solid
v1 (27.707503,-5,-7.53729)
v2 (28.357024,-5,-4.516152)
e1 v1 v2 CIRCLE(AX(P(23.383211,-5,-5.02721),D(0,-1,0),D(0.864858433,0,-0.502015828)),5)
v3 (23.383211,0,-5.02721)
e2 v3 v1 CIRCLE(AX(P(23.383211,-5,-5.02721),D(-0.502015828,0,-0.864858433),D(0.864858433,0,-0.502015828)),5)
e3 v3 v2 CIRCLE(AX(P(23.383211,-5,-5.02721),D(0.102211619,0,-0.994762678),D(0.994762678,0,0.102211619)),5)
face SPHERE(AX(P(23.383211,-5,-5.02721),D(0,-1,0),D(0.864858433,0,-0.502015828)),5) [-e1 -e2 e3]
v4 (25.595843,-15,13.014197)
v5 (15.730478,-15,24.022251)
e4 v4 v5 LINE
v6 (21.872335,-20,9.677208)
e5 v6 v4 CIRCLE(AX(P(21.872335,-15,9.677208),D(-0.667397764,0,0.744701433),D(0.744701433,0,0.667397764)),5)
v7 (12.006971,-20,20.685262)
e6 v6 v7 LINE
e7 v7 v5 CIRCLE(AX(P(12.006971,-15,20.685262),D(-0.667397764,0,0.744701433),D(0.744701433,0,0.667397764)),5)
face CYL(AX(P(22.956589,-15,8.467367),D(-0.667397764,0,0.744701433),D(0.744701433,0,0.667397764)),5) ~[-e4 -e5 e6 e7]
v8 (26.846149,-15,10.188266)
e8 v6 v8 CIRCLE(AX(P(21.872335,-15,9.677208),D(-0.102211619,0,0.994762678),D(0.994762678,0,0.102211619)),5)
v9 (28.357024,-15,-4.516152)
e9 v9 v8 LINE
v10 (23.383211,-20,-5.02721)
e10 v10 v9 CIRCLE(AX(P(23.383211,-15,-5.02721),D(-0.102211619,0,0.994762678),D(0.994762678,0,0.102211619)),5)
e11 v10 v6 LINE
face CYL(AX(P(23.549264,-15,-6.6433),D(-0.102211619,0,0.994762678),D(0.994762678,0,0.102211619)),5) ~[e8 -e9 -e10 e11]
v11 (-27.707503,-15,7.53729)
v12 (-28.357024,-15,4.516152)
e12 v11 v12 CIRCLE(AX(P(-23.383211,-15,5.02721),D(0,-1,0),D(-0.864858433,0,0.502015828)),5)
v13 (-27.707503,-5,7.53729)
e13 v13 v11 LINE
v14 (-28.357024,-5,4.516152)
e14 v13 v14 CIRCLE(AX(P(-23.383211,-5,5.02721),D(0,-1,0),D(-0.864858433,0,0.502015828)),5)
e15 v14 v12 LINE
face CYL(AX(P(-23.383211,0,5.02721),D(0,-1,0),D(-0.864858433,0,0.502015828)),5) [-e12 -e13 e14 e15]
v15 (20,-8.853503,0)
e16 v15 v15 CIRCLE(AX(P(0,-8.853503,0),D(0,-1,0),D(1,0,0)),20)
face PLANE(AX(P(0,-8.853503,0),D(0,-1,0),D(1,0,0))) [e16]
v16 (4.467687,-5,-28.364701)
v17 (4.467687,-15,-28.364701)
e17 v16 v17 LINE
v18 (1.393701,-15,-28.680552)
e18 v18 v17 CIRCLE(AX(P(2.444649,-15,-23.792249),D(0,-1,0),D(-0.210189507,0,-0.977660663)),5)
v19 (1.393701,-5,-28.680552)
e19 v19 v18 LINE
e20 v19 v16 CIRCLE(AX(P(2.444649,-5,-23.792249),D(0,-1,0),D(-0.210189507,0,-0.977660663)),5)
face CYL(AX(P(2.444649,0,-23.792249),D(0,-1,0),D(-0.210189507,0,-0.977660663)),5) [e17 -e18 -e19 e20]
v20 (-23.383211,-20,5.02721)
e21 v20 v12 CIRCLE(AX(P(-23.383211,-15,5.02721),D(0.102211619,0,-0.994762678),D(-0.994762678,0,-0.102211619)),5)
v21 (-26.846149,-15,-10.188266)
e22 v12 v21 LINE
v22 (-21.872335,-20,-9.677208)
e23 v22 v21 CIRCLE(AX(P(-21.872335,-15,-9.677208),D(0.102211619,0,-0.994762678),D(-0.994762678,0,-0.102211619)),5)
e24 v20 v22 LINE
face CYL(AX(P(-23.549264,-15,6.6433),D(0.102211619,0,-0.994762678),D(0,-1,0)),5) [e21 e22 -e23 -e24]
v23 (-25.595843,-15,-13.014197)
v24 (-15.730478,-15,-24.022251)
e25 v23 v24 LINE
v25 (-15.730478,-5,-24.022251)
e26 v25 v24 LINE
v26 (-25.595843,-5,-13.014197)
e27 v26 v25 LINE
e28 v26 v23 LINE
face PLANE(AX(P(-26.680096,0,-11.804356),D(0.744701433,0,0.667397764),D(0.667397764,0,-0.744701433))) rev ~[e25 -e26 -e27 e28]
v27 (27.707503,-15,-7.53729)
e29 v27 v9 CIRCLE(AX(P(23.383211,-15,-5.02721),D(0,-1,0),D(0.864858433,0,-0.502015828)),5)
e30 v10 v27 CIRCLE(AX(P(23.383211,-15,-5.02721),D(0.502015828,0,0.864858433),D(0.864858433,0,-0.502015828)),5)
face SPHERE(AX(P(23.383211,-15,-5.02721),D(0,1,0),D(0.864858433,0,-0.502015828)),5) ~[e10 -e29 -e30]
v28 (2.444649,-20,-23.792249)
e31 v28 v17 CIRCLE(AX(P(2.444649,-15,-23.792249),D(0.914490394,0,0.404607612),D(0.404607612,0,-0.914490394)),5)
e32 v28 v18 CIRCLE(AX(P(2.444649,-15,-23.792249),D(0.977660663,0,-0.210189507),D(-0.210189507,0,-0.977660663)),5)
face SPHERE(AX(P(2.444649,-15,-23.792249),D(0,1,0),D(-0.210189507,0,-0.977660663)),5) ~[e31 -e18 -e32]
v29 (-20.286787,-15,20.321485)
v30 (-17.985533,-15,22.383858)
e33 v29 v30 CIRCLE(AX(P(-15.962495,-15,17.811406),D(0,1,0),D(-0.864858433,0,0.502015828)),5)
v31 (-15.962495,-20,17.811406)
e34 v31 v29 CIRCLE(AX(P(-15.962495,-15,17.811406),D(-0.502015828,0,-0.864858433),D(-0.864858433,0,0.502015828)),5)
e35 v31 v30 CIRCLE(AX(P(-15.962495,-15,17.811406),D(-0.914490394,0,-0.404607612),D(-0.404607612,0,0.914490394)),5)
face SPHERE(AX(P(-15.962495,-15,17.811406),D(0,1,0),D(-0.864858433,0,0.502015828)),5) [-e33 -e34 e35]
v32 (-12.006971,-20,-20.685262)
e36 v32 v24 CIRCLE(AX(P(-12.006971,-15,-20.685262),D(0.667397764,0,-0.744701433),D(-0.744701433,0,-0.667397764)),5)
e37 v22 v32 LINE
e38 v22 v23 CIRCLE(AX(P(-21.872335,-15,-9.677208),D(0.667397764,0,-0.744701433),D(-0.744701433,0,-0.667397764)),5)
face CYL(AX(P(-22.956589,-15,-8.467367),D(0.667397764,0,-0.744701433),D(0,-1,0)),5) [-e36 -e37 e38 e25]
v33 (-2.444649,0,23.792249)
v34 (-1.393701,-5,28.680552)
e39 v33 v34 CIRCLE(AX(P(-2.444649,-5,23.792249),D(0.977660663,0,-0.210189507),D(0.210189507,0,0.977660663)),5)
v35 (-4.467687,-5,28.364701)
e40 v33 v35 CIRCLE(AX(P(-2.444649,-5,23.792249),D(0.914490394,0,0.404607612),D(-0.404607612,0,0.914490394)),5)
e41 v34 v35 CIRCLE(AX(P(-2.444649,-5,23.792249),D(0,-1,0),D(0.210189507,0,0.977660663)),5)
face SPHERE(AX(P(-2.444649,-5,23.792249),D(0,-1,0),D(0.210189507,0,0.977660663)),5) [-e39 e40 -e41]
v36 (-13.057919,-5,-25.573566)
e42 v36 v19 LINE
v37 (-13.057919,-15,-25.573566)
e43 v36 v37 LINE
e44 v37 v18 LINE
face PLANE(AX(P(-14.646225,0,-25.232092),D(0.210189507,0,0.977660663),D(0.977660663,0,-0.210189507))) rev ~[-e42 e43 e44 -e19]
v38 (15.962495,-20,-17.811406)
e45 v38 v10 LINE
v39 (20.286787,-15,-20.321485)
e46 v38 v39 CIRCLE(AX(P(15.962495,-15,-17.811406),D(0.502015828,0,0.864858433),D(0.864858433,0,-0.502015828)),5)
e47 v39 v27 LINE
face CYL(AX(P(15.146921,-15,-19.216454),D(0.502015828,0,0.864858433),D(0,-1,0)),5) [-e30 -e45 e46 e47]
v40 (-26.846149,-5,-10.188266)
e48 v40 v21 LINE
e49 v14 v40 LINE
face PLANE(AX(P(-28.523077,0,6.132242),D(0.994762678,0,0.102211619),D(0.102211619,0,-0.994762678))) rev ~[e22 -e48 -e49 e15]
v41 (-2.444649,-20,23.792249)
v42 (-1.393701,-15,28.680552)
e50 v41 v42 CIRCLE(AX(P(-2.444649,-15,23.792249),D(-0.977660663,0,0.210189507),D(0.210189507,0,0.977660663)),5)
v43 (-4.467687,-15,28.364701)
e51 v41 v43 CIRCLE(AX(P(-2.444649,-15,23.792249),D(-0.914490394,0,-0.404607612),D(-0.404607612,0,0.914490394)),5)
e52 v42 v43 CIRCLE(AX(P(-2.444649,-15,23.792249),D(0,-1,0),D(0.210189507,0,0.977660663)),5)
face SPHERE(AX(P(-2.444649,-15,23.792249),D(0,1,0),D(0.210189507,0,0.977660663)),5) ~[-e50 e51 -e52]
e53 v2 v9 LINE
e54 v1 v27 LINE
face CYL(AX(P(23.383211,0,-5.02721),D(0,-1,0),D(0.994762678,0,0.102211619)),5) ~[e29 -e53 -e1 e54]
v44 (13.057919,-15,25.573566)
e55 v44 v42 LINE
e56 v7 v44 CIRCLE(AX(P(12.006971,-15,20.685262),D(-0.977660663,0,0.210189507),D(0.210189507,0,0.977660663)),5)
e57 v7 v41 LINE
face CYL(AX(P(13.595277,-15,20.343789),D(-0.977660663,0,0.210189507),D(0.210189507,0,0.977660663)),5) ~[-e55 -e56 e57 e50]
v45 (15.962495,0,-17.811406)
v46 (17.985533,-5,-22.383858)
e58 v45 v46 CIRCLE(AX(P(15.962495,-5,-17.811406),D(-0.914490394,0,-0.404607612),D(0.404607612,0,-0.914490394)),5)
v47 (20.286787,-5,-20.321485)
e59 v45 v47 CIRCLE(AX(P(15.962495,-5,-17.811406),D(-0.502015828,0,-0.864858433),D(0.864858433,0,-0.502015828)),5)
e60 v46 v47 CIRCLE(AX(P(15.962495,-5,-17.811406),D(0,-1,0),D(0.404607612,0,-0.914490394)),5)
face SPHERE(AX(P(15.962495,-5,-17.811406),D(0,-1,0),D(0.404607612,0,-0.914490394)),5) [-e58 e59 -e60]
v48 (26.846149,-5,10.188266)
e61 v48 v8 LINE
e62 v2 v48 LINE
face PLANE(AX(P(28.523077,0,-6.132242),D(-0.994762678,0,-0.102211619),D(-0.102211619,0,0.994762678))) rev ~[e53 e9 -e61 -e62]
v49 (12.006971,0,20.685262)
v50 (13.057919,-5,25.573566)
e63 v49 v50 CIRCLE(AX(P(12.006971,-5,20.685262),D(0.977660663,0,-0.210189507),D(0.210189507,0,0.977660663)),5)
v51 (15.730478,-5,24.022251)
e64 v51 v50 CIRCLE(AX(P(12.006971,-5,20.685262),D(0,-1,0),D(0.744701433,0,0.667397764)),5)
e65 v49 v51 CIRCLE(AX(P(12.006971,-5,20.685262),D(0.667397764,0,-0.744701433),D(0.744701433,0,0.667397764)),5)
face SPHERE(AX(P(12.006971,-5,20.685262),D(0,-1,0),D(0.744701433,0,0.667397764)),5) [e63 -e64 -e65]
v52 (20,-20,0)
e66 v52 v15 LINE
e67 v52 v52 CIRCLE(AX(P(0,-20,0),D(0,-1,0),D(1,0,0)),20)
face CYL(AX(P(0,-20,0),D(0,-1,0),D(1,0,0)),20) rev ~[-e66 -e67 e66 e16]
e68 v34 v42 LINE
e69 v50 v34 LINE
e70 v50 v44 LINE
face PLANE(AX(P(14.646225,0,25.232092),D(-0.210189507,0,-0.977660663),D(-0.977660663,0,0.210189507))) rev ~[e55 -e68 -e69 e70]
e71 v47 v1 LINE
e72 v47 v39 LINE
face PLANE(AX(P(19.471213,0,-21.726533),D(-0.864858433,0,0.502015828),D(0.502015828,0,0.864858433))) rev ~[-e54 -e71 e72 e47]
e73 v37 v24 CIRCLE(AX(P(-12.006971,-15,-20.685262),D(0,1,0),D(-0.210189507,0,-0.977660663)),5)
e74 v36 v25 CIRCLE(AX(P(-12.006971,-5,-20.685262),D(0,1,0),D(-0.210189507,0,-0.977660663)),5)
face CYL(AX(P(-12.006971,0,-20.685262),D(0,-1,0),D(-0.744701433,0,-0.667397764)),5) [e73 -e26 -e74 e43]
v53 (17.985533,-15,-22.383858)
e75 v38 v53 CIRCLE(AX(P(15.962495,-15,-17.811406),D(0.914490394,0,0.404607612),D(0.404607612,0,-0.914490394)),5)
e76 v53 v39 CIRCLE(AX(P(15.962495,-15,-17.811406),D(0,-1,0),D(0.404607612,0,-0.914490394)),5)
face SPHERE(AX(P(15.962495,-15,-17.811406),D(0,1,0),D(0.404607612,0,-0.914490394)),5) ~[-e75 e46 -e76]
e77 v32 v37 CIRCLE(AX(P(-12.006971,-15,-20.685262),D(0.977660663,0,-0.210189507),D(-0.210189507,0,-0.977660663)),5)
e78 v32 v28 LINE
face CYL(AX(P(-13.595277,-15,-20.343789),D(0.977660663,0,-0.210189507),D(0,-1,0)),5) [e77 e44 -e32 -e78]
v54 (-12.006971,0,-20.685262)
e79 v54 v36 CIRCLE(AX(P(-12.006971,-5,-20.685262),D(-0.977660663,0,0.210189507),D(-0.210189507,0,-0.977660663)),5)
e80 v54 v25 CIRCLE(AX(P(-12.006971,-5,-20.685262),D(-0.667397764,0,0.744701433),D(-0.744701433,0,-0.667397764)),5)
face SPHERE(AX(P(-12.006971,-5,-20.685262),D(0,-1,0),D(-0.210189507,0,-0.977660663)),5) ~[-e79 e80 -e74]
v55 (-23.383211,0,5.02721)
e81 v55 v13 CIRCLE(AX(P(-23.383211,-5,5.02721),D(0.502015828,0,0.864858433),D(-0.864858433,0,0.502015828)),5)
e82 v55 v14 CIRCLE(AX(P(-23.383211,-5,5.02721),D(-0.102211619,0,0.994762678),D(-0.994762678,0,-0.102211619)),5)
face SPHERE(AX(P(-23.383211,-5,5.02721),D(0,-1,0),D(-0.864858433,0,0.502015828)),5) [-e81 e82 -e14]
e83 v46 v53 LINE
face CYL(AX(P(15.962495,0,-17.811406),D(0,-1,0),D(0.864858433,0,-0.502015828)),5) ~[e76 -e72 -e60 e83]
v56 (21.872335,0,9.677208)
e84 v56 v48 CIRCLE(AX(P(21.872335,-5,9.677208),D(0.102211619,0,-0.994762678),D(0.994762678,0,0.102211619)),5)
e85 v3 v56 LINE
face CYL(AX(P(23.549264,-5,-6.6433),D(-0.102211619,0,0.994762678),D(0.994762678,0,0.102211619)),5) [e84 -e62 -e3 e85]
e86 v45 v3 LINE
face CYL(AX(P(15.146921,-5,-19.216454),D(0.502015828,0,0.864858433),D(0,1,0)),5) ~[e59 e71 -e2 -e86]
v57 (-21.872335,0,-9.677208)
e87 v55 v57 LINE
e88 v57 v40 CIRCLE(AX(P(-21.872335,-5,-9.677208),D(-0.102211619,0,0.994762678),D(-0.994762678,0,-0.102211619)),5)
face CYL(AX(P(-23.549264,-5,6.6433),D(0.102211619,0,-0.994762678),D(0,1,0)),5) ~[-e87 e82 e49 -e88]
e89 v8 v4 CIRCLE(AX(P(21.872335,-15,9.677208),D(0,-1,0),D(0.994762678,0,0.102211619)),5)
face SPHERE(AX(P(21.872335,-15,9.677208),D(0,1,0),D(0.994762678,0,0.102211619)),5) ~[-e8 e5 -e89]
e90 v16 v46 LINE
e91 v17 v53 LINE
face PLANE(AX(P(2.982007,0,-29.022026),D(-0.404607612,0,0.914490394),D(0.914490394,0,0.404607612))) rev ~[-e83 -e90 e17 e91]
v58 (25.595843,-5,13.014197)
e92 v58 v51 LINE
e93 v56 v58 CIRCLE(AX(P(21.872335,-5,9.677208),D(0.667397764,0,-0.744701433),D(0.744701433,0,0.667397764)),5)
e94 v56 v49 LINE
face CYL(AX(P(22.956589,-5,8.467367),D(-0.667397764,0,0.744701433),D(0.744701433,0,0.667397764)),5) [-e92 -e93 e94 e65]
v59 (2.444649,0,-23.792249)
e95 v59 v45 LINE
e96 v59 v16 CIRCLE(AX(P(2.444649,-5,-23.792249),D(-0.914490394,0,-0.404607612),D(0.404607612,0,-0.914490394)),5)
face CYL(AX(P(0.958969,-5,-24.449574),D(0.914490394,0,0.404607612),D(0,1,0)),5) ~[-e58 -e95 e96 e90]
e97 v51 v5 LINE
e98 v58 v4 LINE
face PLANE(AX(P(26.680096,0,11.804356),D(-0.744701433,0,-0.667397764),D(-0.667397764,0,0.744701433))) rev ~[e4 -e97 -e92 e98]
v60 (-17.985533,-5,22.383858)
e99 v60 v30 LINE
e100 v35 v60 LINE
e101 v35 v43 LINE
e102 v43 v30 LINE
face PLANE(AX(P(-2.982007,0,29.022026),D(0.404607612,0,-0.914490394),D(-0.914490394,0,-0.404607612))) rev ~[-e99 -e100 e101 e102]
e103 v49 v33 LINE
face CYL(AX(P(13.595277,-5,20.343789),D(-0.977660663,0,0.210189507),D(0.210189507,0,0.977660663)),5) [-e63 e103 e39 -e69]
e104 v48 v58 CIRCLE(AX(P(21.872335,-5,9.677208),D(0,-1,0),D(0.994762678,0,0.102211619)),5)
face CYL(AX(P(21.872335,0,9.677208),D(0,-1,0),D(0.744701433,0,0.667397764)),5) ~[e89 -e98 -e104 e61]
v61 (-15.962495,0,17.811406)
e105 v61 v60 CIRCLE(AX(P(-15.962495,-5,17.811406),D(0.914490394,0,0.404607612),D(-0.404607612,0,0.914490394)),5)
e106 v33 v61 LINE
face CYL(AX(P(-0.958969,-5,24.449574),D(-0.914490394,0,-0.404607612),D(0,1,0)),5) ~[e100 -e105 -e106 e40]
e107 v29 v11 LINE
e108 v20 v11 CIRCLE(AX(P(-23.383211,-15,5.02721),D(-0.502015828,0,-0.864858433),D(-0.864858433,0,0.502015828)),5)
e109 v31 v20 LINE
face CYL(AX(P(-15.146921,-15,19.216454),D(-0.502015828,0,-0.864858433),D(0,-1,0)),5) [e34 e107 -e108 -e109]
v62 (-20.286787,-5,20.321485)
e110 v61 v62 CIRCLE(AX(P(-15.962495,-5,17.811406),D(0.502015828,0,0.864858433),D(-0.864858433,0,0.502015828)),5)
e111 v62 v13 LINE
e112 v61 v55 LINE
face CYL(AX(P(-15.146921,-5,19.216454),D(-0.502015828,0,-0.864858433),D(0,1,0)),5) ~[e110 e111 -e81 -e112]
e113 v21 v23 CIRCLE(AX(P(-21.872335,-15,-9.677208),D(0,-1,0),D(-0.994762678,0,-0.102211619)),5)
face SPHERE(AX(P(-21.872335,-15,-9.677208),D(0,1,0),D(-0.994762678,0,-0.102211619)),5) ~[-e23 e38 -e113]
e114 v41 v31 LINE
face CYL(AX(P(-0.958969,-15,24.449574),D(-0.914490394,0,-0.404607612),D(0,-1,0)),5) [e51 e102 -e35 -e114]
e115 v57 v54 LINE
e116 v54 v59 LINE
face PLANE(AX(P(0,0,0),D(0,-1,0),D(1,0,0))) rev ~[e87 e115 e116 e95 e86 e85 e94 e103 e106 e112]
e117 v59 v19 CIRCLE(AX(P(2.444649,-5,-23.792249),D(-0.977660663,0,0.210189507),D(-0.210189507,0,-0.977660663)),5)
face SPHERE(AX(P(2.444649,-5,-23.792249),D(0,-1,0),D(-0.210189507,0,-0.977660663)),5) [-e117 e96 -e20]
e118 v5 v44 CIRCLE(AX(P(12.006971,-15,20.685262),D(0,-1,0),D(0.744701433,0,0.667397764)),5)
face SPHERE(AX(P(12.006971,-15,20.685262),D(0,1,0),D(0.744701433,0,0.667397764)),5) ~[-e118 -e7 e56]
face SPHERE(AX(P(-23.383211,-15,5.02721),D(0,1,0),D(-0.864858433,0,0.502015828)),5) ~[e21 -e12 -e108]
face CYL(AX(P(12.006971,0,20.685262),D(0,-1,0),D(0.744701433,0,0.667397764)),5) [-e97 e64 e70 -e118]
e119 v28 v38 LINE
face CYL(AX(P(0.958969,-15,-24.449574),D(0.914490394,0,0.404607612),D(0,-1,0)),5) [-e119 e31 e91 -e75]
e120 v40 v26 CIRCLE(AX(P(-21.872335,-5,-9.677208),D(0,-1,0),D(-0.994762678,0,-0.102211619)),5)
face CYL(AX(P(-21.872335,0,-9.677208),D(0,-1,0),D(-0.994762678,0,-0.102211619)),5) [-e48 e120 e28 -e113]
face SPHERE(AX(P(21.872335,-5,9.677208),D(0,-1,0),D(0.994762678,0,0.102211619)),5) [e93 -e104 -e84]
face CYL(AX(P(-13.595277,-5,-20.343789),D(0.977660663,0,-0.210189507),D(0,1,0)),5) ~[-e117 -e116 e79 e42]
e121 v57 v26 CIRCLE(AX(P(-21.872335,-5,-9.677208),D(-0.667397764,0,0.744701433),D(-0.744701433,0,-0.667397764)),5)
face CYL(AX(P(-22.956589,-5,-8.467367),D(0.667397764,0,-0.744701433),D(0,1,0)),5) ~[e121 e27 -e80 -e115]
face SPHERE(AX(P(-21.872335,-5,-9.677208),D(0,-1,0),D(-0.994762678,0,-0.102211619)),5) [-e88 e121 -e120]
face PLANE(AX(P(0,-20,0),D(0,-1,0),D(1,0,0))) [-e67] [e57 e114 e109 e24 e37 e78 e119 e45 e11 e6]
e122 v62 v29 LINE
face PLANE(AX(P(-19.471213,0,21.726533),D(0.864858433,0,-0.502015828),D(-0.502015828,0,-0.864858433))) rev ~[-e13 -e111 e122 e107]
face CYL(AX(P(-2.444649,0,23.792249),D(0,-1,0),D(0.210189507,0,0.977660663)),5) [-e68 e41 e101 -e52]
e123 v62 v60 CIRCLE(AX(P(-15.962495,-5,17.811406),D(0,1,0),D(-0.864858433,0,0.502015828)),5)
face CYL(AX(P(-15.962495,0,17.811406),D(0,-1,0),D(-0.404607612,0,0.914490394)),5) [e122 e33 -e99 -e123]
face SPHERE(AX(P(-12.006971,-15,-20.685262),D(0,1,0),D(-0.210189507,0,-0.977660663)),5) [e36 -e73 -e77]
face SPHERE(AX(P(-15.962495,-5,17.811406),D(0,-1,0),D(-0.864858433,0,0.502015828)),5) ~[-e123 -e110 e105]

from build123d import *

# Parameters (mm, degrees)
F1_DEPTH = 20
F2_R     = 20
F3_DEPTH = 11.146497
F4_R     = 5


with BuildPart() as f1:
    # F0 (on Front) → F1 (new body)
    with BuildSketch(Plane.XZ):
        Polygon((26.680096, 11.804356), (14.646225, 25.232092), (-2.982007, 29.022026), (-19.471213, 21.726533), (-28.523077, 6.132242), (-26.680096, -11.804356), (-14.646225, -25.232092), (2.982007, -29.022026), (19.471213, -21.726533), (28.523077, -6.132242), align=None)
    extrude(amount=F1_DEPTH)

    # F2 (on face) → F3 (cut)
    with BuildSketch(Plane.XZ.offset(20)):
        Circle(F2_R)
    extrude(amount=-F3_DEPTH, mode=Mode.SUBTRACT)

    # F4
    f4_edges = [f1.edges().sort_by_distance(p)[0] for p in [
        (-11.22661, 0, 25.374279),
        (-19.471213, -10, 21.726533),
        (-28.523077, -10, 6.132242),
        (-23.997145, 0, 13.929387),
        (-23.997145, -20, 13.929387),
        (-26.680096, -10, -11.804356),
        (-27.601587, 0, -2.836057),
        (-27.601587, -20, -2.836057),
        (-20.66316, 0, -18.518224),
        (-14.646225, -10, -25.232092),
        (2.982007, -10, -29.022026),
        (-5.832109, 0, -27.127059),
        (-5.832109, -20, -27.127059),
        (19.471213, -10, -21.726533),
        (11.22661, 0, -25.374279),
        (11.22661, -20, -25.374279),
        (28.523077, -10, -6.132242),
        (23.997145, 0, -13.929387),
        (23.997145, -20, -13.929387),
        (26.680096, -10, 11.804356),
        (27.601587, 0, 2.836057),
        (27.601587, -20, 2.836057),
        (14.646225, -10, 25.232092),
        (20.66316, 0, 18.518224),
        (20.66316, -20, 18.518224),
        (-2.982007, -10, 29.022026),
        (5.832109, 0, 27.127059),
        (5.832109, -20, 27.127059),
        (-11.22661, -20, 25.374279),
        (-20.66316, -20, -18.518224),
    ]]
    fillet(f4_edges, radius=F4_R)


solid = f1.part
